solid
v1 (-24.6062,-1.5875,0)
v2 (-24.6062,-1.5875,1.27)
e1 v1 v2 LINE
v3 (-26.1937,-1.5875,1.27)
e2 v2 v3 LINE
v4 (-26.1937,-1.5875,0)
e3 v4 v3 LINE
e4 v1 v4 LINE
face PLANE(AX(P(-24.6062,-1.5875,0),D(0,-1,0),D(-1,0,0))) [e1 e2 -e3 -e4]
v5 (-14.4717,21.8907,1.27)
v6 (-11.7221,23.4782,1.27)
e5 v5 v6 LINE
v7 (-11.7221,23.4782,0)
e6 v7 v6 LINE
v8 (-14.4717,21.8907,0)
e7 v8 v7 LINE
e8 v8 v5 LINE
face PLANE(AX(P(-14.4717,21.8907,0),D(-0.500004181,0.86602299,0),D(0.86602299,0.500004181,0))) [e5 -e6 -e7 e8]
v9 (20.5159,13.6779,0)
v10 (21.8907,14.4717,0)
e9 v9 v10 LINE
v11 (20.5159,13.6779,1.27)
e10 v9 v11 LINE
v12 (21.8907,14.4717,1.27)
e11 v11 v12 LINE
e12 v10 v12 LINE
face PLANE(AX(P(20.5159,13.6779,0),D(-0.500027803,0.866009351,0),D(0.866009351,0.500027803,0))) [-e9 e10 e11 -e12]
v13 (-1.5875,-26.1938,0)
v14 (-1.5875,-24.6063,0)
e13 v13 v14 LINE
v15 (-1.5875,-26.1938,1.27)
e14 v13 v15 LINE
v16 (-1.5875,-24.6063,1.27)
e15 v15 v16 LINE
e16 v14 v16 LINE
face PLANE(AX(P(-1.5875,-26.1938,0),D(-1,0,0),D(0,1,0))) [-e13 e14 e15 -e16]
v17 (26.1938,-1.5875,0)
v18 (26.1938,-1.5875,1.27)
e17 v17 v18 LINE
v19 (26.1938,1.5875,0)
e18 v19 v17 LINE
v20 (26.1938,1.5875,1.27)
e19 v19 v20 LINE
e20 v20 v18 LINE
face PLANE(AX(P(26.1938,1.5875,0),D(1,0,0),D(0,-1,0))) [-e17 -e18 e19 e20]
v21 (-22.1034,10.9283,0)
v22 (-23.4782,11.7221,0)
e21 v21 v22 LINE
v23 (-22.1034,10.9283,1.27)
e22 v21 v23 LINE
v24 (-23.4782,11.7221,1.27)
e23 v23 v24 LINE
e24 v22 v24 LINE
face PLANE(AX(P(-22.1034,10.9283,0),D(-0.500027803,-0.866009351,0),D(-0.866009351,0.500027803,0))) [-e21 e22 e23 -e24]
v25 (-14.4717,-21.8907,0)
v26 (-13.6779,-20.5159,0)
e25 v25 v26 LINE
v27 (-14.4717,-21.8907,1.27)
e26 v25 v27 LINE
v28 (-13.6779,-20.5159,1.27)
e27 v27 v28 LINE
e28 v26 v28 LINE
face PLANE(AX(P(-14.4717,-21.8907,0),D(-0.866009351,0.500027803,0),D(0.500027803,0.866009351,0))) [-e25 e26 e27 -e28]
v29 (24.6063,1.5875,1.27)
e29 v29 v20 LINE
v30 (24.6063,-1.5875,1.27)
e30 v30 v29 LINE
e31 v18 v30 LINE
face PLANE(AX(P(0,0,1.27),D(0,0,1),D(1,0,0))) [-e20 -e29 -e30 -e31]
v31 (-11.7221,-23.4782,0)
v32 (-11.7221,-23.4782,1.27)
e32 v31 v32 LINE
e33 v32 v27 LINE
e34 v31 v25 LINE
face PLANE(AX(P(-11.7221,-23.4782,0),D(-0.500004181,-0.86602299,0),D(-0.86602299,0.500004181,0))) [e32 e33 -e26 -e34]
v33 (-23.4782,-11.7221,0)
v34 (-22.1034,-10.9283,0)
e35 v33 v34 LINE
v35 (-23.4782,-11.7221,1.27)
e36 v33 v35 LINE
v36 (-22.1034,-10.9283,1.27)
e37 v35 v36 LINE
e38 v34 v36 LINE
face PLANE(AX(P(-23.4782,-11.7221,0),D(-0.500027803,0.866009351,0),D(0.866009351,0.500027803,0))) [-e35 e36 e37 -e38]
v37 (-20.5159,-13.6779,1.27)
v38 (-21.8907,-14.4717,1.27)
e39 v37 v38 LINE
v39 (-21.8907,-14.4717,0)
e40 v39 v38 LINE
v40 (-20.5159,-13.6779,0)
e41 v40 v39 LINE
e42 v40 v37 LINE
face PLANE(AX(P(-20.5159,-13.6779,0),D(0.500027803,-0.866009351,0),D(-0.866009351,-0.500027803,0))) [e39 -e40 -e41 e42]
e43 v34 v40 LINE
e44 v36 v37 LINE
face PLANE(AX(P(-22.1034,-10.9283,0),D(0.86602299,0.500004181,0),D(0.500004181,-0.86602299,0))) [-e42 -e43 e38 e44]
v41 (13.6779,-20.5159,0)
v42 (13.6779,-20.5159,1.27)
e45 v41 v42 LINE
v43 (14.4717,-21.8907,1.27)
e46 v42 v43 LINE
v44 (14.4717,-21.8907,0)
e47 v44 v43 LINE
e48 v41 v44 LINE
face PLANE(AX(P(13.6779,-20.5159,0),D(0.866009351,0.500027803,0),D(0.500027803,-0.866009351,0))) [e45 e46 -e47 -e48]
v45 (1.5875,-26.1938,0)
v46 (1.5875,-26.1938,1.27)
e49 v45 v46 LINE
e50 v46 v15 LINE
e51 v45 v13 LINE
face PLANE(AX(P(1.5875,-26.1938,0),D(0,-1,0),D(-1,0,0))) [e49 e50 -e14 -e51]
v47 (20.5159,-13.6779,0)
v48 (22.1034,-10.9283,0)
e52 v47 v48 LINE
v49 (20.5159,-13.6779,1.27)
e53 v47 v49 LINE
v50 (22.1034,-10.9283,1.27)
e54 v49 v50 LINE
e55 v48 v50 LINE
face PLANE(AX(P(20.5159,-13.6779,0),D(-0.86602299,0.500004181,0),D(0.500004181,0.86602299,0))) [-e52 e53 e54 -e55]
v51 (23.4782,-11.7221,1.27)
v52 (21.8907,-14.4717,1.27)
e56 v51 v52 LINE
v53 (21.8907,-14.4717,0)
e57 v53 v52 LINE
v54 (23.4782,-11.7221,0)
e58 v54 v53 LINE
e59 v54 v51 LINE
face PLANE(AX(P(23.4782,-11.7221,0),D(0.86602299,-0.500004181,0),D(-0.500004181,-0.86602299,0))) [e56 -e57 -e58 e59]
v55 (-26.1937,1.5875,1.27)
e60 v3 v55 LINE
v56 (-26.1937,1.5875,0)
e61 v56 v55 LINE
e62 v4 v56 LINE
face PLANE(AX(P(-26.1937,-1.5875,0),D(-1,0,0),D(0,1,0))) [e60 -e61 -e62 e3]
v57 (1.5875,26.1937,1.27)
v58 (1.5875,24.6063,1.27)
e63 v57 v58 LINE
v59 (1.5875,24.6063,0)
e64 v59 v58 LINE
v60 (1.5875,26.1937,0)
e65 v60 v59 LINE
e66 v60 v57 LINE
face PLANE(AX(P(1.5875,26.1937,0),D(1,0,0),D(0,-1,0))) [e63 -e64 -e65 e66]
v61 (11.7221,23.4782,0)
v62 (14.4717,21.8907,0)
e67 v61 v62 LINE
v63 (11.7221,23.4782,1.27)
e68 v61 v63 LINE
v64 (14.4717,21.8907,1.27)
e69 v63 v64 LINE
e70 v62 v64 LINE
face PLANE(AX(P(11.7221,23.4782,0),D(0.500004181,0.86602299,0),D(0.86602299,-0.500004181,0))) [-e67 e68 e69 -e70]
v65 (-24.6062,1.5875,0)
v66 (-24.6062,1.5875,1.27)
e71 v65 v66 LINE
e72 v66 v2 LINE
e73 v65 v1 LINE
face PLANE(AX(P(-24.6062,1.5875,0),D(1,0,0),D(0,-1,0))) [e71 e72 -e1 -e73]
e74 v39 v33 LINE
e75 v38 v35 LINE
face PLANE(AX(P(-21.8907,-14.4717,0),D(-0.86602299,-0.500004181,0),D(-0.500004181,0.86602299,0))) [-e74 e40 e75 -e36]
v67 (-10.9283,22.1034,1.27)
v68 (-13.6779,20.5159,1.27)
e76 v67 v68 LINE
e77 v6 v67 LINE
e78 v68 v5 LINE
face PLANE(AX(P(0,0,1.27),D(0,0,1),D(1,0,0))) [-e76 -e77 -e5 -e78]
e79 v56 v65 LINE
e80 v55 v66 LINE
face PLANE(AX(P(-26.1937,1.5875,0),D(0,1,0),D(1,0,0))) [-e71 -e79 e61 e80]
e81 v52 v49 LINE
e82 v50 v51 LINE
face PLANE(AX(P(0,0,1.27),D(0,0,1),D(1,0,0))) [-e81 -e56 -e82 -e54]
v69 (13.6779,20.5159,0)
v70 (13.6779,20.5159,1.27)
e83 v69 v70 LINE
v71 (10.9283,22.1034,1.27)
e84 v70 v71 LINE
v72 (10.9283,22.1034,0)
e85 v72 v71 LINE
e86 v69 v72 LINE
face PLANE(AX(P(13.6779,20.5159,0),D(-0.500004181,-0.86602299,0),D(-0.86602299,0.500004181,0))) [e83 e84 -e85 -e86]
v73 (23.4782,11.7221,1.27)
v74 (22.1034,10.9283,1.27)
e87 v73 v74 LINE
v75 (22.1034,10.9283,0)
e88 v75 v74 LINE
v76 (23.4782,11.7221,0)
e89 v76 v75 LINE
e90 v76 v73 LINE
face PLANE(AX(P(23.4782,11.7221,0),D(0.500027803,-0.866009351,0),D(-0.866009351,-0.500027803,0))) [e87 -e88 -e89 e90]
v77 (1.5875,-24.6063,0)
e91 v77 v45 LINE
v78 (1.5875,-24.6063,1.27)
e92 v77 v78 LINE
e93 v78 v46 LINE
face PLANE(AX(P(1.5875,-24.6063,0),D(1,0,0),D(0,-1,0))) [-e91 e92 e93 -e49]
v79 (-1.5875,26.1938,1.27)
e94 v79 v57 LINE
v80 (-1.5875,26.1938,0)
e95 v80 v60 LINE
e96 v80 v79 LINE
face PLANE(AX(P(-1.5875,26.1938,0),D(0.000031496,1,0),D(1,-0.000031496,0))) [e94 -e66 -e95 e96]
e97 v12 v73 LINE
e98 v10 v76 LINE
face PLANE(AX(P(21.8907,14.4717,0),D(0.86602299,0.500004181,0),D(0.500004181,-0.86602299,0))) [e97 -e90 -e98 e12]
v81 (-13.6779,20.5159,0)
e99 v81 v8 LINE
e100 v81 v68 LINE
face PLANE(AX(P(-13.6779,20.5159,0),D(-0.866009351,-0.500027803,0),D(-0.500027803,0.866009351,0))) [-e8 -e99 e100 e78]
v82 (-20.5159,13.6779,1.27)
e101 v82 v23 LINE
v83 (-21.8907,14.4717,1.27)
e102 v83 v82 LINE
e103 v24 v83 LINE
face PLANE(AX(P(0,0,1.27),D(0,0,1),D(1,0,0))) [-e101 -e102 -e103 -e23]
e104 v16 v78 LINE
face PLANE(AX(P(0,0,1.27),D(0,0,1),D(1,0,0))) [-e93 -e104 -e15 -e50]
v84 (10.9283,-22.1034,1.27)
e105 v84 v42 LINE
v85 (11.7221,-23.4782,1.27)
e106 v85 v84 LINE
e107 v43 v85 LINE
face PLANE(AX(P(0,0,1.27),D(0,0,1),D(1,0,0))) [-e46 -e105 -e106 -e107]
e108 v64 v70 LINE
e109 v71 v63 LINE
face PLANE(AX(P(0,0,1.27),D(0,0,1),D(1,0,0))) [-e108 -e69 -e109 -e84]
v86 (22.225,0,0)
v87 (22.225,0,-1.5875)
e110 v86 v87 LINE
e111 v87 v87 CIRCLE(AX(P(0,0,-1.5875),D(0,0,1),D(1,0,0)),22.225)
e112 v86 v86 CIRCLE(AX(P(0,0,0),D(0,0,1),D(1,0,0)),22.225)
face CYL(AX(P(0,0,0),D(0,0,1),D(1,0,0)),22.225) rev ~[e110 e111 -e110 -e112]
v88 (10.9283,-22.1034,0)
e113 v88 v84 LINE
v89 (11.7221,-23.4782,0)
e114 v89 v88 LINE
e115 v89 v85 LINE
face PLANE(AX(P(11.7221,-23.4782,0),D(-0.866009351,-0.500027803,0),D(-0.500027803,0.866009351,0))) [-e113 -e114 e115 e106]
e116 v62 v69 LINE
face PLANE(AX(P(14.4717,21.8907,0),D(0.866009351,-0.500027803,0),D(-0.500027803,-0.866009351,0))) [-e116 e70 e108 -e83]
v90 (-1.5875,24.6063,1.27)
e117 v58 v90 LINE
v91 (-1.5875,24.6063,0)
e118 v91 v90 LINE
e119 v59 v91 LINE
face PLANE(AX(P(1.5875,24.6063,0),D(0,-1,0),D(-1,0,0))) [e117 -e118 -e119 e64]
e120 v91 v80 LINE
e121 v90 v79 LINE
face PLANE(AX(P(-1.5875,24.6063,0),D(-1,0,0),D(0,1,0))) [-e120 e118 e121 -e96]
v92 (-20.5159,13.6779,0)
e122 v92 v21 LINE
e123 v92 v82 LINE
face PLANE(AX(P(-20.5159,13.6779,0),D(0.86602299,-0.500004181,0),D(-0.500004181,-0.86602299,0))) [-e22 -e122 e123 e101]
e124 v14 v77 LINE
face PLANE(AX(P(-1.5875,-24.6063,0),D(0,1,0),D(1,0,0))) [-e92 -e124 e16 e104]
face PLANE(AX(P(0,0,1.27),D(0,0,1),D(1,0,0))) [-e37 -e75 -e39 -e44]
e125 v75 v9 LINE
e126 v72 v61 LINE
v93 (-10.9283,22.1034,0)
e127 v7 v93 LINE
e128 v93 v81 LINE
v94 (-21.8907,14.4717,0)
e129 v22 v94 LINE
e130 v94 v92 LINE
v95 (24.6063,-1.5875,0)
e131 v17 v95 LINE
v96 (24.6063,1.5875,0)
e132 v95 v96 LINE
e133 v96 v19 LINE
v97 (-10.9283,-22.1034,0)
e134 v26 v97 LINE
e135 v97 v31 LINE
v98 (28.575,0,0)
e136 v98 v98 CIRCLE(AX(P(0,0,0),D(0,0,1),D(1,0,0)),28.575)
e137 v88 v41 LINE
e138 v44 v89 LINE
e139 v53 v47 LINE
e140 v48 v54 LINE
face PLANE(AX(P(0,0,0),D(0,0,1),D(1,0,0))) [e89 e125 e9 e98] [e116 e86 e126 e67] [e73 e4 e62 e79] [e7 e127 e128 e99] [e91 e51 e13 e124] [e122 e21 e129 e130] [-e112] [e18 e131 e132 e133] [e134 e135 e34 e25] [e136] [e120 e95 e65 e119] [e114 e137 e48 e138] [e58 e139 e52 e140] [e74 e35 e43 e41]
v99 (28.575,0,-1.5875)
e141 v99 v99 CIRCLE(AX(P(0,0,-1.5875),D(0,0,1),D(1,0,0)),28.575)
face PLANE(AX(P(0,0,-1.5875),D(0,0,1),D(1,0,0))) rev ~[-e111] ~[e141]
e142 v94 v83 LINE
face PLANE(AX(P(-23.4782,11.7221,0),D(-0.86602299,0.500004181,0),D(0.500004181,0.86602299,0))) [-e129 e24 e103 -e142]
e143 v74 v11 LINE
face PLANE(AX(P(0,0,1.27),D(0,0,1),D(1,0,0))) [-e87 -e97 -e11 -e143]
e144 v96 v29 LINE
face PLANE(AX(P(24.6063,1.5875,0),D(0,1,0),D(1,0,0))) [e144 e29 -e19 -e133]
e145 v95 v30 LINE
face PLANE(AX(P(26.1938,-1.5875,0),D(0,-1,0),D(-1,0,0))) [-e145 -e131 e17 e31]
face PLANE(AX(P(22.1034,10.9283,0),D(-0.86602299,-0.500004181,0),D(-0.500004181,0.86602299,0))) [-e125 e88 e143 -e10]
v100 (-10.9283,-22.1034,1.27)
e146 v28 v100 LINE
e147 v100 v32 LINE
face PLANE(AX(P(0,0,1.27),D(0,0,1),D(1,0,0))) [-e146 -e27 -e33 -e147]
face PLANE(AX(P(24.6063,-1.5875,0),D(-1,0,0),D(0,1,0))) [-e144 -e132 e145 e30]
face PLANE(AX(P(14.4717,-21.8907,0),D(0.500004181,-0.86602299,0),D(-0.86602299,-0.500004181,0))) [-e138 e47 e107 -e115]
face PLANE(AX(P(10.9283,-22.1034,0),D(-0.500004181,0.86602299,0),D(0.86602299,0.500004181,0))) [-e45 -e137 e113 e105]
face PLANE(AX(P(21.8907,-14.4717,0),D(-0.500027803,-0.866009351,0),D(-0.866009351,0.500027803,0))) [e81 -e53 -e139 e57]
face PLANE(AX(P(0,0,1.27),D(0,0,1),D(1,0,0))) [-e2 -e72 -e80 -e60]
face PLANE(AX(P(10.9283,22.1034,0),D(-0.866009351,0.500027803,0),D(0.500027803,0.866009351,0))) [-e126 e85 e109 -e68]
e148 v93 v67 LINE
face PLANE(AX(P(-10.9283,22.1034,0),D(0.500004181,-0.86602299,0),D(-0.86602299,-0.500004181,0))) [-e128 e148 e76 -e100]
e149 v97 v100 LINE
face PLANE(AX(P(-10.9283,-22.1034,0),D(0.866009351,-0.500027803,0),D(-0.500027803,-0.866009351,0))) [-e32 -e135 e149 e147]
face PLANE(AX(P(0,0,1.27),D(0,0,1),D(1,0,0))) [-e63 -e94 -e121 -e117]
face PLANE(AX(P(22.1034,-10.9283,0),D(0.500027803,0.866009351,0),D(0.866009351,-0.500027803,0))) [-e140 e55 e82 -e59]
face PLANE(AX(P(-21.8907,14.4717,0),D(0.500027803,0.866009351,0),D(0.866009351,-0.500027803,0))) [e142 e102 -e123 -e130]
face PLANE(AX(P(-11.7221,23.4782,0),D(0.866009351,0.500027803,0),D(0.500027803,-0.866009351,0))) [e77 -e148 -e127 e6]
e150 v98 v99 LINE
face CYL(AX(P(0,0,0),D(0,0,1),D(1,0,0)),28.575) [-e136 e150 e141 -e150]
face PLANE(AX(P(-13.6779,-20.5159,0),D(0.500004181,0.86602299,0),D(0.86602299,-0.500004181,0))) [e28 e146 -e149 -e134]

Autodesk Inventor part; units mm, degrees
ref_plane "YZ Plane" through (0, 0, 0) normal (1, 0, 0) x (0, 1, 0)
ref_plane "XZ Plane" through (0, 0, 0) normal (0, 1, 0) x (-1, 0, 0)
ref_plane "XY Plane" through (0, 0, 0) normal (0, 0, 1) x (1, 0, 0)
sketch "Sketch1" plane through (0, 0, 0) normal (0, 0, 1) x (1, 0, 0)
  circle A0 centre (0, 0) radius 22.225
  circle A1 centre (0, 0) radius 28.575
  line L0 (0, 0) -> (-22.225, 0) construction
  line L1 (-26.1937, 1.5875) -> (-24.6062, 1.5875)
  line L2 (-24.6062, 1.5875) -> (-24.6062, -1.5875)
  line L3 (-24.6062, -1.5875) -> (-26.1937, -1.5875)
  line L4 (-26.1937, -1.5875) -> (-26.1937, 1.5875)
  line L5 (-22.225, 0) -> (-28.575, 0) construction
  line L6 (-25.4, 1.5875) -> (-25.4, -1.5875) construction
  line L7 (-23.4782, -11.7221) -> (-22.1034, -10.9283)
  line L8 (-22.1034, -10.9283) -> (-20.5159, -13.6779)
  line L9 (-20.5159, -13.6779) -> (-21.8907, -14.4717)
  line L10 (-21.8907, -14.4717) -> (-23.4782, -11.7221)
  line L11 (-22.7908, -11.3252) -> (-21.2033, -14.0748) construction
  line L12 (-14.4717, -21.8907) -> (-13.6779, -20.5159)
  line L13 (-13.6779, -20.5159) -> (-10.9283, -22.1034)
  line L14 (-10.9283, -22.1034) -> (-11.7221, -23.4782)
  line L15 (-11.7221, -23.4782) -> (-14.4717, -21.8907)
  line L16 (-14.0748, -21.2033) -> (-11.3252, -22.7908) construction
  line L17 (-1.5875, -26.1938) -> (-1.5875, -24.6063)
  line L18 (-1.5875, -24.6063) -> (1.5875, -24.6063)
  line L19 (1.5875, -24.6063) -> (1.5875, -26.1938)
  line L20 (1.5875, -26.1938) -> (-1.5875, -26.1938)
  line L21 (-1.5875, -25.4) -> (1.5875, -25.4) construction
  line L22 (11.7221, -23.4782) -> (10.9283, -22.1034)
  line L23 (10.9283, -22.1034) -> (13.6779, -20.5159)
  line L24 (13.6779, -20.5159) -> (14.4717, -21.8907)
  line L25 (14.4717, -21.8907) -> (11.7221, -23.4782)
  line L26 (11.3252, -22.7908) -> (14.0748, -21.2033) construction
  line L27 (21.8907, -14.4717) -> (20.5159, -13.6779)
  line L28 (20.5159, -13.6779) -> (22.1034, -10.9283)
  line L29 (22.1034, -10.9283) -> (23.4782, -11.7221)
  line L30 (23.4782, -11.7221) -> (21.8907, -14.4717)
  line L31 (21.2033, -14.0748) -> (22.7908, -11.3252) construction
  line L32 (26.1938, -1.5875) -> (24.6063, -1.5875)
  line L33 (24.6063, -1.5875) -> (24.6063, 1.5875)
  line L34 (24.6063, 1.5875) -> (26.1938, 1.5875)
  line L35 (26.1938, 1.5875) -> (26.1938, -1.5875)
  line L36 (25.4, -1.5875) -> (25.4, 1.5875) construction
  line L37 (23.4782, 11.7221) -> (22.1034, 10.9283)
  line L38 (22.1034, 10.9283) -> (20.5159, 13.6779)
  line L39 (20.5159, 13.6779) -> (21.8907, 14.4717)
  line L40 (21.8907, 14.4717) -> (23.4782, 11.7221)
  line L41 (22.7908, 11.3252) -> (21.2033, 14.0748) construction
  line L42 (14.4717, 21.8907) -> (13.6779, 20.5159)
  line L43 (13.6779, 20.5159) -> (10.9283, 22.1034)
  line L44 (10.9283, 22.1034) -> (11.7221, 23.4782)
  line L45 (11.7221, 23.4782) -> (14.4717, 21.8907)
  line L46 (14.0748, 21.2033) -> (11.3252, 22.7908) construction
  line L47 (1.5875, 26.1937) -> (1.5875, 24.6063)
  line L48 (1.5875, 24.6063) -> (-1.5875, 24.6063)
  line L49 (-1.5875, 24.6063) -> (-1.5875, 26.1938)
  line L50 (-1.5875, 26.1938) -> (1.5875, 26.1937)
  line L51 (1.5875, 25.4) -> (-1.5875, 25.4) construction
  line L52 (-11.7221, 23.4782) -> (-10.9283, 22.1034)
  line L53 (-10.9283, 22.1034) -> (-13.6779, 20.5159)
  line L54 (-13.6779, 20.5159) -> (-14.4717, 21.8907)
  line L55 (-14.4717, 21.8907) -> (-11.7221, 23.4782)
  line L56 (-11.3252, 22.7908) -> (-14.0748, 21.2033) construction
  line L57 (-21.8907, 14.4717) -> (-20.5159, 13.6779)
  line L58 (-20.5159, 13.6779) -> (-22.1034, 10.9283)
  line L59 (-22.1034, 10.9283) -> (-23.4782, 11.7221)
  line L60 (-23.4782, 11.7221) -> (-21.8907, 14.4717)
  line L61 (-21.2033, 14.0748) -> (-22.7908, 11.3252) construction
  point P0 (-26.1937, 0)
  point P1 (-25.4, 0)
  point P2 (-22.6845, -13.0969)
  point P3 (-21.997, -12.7)
  point P4 (-13.0969, -22.6845)
  point P5 (-12.7, -21.997)
  point P6 (0, -26.1937)
  point P7 (0, -25.4)
  point P8 (13.0969, -22.6845)
  point P9 (12.7, -21.997)
  point P10 (22.6845, -13.0969)
  point P11 (21.997, -12.7)
  point P12 (26.1937, 0)
  point P13 (25.4, 0)
  point P14 (22.6845, 13.0969)
  point P15 (21.997, 12.7)
  point P16 (13.0969, 22.6845)
  point P17 (12.7, 21.997)
  point P18 (0, 26.1937)
  point P19 (0, 25.4)
  point P20 (-13.0969, 22.6845)
  point P21 (-12.7, 21.997)
  point P22 (-22.6845, 13.0969)
  point P23 (-21.997, 12.7)
  dimension "d0" = 44.45
  dimension "d1" = 57.15
  dimension "d2" = 3.175
  dimension "d3" = 1.5875
  dimension "d6" = 360
extrude "Extrusion1" add sketch "Sketch1" against normal blind 1.5875 contours A1 | L1 L2 L3 L4 | L7 L8 L9 L10 | L12 L13 L14 L15 | L17 L18 L19 L20 | L22 L23 L24 L25 | L27 L28 L29 L30 | L32 L33 L34 L35 | L37 L38 L39 L40 | L42 L43 L44 L45 | L47 L48 L49 L50 | L52 L53 L54 L55 | L57 L58 L59 L60
extrude "Extrusion2" add sketch "Sketch1" along normal blind 1.27 contours L1 L2 L3 L4 | L7 L8 L9 L10 | L12 L13 L14 L15 | L17 L18 L19 L20 | L22 L23 L24 L25 | L27 L28 L29 L30 | L32 L33 L34 L35 | L37 L38 L39 L40 | L42 L43 L44 L45 | L47 L48 L49 L50 | L52 L53 L54 L55 | L57 L58 L59 L60
properties part number "LED Ring"
